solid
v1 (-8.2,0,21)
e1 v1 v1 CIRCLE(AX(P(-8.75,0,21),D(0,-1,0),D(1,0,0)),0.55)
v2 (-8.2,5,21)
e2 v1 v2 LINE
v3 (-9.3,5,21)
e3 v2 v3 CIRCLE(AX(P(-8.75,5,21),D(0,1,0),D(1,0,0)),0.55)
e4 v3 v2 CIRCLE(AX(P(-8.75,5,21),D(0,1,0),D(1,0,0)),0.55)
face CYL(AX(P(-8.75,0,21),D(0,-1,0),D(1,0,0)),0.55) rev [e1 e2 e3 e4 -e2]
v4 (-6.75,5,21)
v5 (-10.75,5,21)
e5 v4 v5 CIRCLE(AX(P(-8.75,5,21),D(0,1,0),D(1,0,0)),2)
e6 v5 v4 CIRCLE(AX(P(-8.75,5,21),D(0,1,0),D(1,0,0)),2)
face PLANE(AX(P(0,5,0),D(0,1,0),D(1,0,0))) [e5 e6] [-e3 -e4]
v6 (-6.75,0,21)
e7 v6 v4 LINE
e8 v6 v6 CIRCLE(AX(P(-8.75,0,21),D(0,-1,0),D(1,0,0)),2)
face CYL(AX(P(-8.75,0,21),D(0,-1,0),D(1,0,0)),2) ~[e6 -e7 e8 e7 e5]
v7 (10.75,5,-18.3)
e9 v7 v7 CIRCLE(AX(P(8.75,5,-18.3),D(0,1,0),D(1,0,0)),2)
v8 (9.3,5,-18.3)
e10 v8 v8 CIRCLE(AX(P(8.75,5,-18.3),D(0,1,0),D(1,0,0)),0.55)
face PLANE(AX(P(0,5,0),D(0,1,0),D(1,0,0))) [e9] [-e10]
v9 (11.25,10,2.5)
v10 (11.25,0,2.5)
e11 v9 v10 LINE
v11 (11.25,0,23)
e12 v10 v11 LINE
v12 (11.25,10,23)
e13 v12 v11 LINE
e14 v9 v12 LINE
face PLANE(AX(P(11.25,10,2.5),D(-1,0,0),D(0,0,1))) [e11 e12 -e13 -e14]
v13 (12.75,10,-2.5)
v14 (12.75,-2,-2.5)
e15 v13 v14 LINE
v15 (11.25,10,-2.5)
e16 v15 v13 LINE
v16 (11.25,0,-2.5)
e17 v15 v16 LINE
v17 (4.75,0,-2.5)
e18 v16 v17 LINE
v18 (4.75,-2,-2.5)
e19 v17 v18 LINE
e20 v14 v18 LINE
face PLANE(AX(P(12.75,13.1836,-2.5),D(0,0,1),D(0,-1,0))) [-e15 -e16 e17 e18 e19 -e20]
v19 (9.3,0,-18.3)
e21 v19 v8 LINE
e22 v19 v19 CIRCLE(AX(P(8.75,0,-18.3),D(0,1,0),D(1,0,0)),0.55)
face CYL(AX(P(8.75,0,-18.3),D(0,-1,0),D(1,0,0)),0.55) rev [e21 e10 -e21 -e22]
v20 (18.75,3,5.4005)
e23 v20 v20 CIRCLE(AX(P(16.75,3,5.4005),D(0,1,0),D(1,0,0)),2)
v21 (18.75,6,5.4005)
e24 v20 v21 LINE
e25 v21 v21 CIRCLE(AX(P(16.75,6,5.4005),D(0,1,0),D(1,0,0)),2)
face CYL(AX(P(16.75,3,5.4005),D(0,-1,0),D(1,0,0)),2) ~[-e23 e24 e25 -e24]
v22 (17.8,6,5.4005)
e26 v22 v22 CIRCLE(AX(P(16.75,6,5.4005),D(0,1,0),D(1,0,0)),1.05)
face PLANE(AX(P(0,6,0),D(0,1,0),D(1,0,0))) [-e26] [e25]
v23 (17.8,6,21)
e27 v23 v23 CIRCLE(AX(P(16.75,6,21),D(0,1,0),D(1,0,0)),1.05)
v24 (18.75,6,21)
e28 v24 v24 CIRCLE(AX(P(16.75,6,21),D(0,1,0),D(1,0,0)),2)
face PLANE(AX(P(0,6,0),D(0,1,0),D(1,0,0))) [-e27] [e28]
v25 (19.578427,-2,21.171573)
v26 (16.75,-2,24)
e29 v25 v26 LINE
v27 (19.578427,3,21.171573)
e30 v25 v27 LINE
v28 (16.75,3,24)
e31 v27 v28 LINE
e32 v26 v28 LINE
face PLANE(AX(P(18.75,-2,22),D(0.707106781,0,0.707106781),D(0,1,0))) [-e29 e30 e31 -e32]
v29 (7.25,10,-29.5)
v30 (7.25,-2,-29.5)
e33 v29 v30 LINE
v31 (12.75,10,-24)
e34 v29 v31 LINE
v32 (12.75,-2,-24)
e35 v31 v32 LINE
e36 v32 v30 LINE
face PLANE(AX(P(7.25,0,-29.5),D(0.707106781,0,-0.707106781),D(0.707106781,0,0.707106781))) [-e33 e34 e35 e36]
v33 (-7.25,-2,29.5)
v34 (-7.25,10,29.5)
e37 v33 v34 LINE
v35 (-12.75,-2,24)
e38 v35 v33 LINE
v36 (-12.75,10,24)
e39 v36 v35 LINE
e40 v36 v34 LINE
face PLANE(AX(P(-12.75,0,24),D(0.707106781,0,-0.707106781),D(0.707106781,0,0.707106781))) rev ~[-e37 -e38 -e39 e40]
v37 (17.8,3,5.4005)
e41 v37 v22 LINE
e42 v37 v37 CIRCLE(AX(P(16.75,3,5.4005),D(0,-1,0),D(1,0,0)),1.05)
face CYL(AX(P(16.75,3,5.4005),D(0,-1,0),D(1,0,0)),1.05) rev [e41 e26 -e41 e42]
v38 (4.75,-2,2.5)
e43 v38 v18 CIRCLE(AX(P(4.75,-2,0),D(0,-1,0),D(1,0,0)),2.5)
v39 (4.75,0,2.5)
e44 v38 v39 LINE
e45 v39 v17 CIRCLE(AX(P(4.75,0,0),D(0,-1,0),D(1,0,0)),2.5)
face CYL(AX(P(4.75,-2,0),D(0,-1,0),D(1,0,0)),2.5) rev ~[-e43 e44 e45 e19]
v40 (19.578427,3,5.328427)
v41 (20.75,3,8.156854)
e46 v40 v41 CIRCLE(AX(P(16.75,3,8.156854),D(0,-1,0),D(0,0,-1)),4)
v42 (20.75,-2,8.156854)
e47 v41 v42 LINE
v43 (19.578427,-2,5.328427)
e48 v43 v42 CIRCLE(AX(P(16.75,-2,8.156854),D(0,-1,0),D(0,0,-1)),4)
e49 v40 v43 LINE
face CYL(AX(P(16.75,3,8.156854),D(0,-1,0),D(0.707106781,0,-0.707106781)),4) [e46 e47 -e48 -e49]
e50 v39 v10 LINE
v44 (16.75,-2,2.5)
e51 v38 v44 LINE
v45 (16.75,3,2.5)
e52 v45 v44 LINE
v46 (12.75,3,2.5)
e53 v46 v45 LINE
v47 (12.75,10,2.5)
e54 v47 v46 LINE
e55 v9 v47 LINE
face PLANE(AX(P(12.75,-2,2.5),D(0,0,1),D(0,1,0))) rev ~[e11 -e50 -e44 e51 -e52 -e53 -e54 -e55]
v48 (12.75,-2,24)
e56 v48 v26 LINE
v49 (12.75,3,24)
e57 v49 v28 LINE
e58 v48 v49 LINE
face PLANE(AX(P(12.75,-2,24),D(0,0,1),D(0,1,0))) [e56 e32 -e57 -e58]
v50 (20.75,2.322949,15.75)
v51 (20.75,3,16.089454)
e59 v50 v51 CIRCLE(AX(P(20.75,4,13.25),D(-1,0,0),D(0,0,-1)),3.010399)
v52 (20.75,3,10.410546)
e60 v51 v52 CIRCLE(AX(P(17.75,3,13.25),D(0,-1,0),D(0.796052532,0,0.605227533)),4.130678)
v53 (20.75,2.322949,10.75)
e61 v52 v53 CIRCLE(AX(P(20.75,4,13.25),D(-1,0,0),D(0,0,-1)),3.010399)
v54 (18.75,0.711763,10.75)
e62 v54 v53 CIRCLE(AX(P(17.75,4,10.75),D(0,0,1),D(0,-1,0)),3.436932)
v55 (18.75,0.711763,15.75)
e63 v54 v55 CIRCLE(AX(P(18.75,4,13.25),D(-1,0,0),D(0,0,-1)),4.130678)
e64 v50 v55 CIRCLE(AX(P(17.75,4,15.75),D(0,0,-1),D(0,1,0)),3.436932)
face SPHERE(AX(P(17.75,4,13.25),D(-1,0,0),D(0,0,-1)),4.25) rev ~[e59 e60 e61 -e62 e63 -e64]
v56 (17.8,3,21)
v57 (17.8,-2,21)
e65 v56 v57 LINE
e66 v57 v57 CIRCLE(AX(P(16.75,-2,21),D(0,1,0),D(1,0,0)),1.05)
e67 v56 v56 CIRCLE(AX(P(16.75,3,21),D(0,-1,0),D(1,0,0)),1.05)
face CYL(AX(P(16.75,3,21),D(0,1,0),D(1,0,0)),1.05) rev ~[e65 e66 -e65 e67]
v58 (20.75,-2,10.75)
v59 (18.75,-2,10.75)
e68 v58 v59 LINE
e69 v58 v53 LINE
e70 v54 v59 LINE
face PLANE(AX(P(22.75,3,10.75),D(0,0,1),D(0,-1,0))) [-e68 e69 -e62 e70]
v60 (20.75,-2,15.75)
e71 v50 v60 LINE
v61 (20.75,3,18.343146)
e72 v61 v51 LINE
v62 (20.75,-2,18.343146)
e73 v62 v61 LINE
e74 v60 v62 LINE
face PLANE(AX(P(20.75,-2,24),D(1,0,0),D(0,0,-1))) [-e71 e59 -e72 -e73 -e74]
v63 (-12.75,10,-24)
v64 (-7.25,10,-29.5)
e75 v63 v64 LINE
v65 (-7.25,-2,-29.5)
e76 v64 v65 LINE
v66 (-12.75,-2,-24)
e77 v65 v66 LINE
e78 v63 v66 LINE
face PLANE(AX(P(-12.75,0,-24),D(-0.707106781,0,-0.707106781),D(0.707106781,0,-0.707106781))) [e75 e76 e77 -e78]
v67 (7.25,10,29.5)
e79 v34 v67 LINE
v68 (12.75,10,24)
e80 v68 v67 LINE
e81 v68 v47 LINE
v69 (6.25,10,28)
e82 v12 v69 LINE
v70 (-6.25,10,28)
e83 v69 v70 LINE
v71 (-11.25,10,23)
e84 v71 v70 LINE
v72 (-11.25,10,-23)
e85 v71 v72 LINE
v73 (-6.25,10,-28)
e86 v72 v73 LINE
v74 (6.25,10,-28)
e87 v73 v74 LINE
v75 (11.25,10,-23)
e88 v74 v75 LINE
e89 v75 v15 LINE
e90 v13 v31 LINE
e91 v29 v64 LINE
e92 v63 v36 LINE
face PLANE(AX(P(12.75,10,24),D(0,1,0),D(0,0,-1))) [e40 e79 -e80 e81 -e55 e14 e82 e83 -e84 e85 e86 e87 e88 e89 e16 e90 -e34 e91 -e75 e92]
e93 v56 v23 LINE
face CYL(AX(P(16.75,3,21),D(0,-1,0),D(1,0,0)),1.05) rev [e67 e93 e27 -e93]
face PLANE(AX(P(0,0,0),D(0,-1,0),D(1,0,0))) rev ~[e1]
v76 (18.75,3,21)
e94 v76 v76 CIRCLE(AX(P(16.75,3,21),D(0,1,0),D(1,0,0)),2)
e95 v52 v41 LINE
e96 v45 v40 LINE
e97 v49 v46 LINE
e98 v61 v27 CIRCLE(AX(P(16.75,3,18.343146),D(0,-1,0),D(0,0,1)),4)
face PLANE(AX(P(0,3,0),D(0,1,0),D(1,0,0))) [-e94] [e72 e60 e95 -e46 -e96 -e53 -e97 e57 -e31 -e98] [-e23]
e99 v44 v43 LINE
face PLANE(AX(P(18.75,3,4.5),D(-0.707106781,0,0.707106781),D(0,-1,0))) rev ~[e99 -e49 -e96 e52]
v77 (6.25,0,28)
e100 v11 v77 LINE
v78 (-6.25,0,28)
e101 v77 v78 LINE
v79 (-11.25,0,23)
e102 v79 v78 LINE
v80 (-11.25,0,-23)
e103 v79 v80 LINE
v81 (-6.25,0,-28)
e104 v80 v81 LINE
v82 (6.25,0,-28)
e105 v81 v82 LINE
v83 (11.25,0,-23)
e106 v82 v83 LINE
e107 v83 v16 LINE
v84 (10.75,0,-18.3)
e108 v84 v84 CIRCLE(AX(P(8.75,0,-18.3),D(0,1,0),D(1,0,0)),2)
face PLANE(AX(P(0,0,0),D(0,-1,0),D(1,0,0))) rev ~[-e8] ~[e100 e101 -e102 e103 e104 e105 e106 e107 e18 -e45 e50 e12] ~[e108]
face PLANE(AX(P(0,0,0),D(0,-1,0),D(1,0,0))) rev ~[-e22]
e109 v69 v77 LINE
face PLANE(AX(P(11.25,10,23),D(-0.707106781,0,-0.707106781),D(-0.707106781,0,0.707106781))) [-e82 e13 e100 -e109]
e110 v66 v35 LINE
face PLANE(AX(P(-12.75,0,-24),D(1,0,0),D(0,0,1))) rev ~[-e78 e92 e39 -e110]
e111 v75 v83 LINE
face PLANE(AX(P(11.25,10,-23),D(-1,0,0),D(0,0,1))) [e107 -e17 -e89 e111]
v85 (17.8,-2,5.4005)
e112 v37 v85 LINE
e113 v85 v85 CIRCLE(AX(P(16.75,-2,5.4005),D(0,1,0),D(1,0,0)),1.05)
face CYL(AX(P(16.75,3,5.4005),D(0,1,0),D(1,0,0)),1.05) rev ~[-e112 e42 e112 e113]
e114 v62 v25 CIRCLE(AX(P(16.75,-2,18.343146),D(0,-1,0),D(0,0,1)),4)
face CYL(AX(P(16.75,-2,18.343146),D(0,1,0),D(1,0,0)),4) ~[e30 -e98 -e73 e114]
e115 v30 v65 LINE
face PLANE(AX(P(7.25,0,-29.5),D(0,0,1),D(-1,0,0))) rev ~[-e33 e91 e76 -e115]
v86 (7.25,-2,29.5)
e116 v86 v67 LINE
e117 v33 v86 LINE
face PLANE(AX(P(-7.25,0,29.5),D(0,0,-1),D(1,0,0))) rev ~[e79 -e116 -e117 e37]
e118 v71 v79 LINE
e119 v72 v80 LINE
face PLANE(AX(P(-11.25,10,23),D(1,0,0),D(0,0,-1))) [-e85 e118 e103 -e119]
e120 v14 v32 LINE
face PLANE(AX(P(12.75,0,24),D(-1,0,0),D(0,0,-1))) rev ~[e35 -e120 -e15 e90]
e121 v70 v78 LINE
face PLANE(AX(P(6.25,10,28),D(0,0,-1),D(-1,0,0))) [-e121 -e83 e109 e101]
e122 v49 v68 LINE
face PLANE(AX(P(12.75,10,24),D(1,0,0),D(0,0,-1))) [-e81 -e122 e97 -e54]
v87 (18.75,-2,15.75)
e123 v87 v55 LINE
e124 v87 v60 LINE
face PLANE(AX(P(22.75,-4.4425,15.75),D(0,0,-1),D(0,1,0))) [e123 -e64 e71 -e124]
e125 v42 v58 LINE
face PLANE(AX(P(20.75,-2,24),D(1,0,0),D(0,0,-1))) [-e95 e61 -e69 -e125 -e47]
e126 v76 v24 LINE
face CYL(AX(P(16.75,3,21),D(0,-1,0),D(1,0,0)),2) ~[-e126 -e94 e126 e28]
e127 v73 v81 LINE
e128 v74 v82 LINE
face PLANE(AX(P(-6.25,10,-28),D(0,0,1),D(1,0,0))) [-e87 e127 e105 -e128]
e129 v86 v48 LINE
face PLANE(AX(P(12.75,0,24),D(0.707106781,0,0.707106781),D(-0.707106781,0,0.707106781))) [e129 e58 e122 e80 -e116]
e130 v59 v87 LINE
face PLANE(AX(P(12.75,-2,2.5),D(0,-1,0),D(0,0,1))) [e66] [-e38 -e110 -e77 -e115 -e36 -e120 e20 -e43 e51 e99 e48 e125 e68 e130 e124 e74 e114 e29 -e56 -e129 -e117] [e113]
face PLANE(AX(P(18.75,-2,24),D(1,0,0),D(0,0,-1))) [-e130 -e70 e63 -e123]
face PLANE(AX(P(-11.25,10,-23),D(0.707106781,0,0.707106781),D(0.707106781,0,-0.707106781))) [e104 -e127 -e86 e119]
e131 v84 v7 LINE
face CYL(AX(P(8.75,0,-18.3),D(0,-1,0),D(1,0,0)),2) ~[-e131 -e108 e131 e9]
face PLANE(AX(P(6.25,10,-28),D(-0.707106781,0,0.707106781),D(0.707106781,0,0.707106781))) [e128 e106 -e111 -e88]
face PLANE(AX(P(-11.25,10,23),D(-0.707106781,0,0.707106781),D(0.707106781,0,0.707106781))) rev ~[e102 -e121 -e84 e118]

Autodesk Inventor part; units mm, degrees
ref_plane "YZ Plane" through (0, 0, 0) normal (1, 0, 0) x (0, 1, 0)
ref_plane "XZ Plane" through (0, 0, 0) normal (0, 1, 0) x (-1, 0, 0)
sketch "Skizze1" plane through (0, 0, 0) normal (0, 1, 0) x (-1, 0, 0)
  line L0 (-5.25, 27.5) -> (5.25, 27.5)
  line L1 (10.75, 22) -> (10.75, -22)
  line L2 (5.25, -27.5) -> (-5.25, -27.5)
  line L3 (-10.75, -22) -> (-10.75, 22)
  line L4 (-10.75, 27.5) -> (10.75, -27.5) construction
  line L5 (10.75, 27.5) -> (-10.75, -27.5) construction
  line L6 (10.75, 22) -> (5.25, 27.5)
  line L7 (10.75, -22) -> (5.25, -27.5)
  line L8 (-5.25, -27.5) -> (-10.75, -22)
  line L9 (-10.75, 22) -> (-5.25, 27.5)
  line L10 (7.25, 29.5) -> (-7.25, 29.5)
  line L11 (-12.75, 24) -> (-12.75, -24)
  line L12 (-7.25, -29.5) -> (7.25, -29.5)
  line L13 (12.75, -24) -> (12.75, 24)
  line L14 (12.75, 29.5) -> (-12.75, -29.5) construction
  line L15 (-12.75, 29.5) -> (12.75, -29.5) construction
  line L16 (12.75, 24) -> (7.25, 29.5)
  line L17 (12.75, -24) -> (7.25, -29.5)
  line L18 (-7.25, -29.5) -> (-12.75, -24)
  line L19 (-12.75, 24) -> (-7.25, 29.5)
  point P0 (0, 0)
  dimension "d0" = 21.5
  dimension "d1" = 55
  dimension "d2" = 5.5
  dimension "d3" = 5.5
  dimension "d4" = 5.5
  dimension "d5" = 5.5
  dimension "d6" = 5.5
  dimension "d7" = 5.5
  dimension "d8" = 5.5
  dimension "d9" = 5.5
  dimension "d10" = 2
  dimension "d11" = 2
  dimension "d12" = 5.5
  dimension "d13" = 5.5
  dimension "d14" = 5.5
  dimension "d15" = 5.5
  dimension "d16" = 5.5
  dimension "d17" = 5.5
  dimension "d18" = 5.5
  dimension "d19" = 5.5
extrude "Extrusion1" add sketch "Skizze1" along normal blind 10
sketch "Skizze3" plane through (0, 0, 0) normal (0, -1, 0) x (1, 0, 0)
  line L0 (7.25, -29.5) -> (-7.25, -29.5) projected
  line L1 (12.75, -24) -> (7.25, -29.5) projected
  line L2 (12.75, 24) -> (12.75, -24) projected
  line L3 (7.25, 29.5) -> (12.75, 24) projected
  line L4 (-7.25, 29.5) -> (7.25, 29.5) projected
  line L5 (-12.75, 24) -> (-7.25, 29.5) projected
  line L6 (-12.75, -24) -> (-12.75, 24) projected
  line L7 (-7.25, -29.5) -> (-12.75, -24) projected
  line L8 (-5.25, 27.5) -> (-10.75, 22) projected
  line L9 (5.25, 27.5) -> (-5.25, 27.5) projected
  line L10 (10.75, 22) -> (5.25, 27.5) projected
  line L11 (10.75, -22) -> (10.75, 22) projected
  line L12 (5.25, -27.5) -> (10.75, -22) projected
  line L13 (-5.25, -27.5) -> (5.25, -27.5) projected
  line L14 (-10.75, -22) -> (-5.25, -27.5) projected
  line L15 (-10.75, 22) -> (-10.75, -22) projected
  point P0 (0, 0)
extrude "Extrusion2" add sketch "Skizze3" along normal blind 2 contours L0 L7 L6 L5 L4 L3 L2 L1 | L9 L10 L11 L12 L13 L14 L15 L8
sketch "Skizze4" plane through (0, 0, 0) normal (0, 1, 0) x (1, 0, 0)
  line L0 (-10.75, -22) -> (-10.75, 22) projected
  line L1 (-10.75, -21) -> (-8.75, -21)
  line L2 (10.75, 22) -> (10.75, -22) projected
  line L3 (10.75, 18.3) -> (8.75, 18.3)
  circle A0 centre (-8.75, -21) radius 2
  circle A1 centre (8.75, 18.3) radius 2
  circle A2 centre (-8.75, -21) radius 0.55
  circle A3 centre (8.75, 18.3) radius 0.55
  point P0 (0, 0)
  dimension "d24" = 2
  dimension "d25" = 21
  dimension "d26" = 2
  dimension "d27" = 18.3
  dimension "d28" = 4
  dimension "d29" = 4
  dimension "d30" = 1.1
  dimension "d31" = 1.1
extrude "Extrusion3" add sketch "Skizze4" along normal blind 5
sketch "Skizze8" plane through (12.75, 10, 24) normal (1, 0, 0) x (0, 0, -1)
  line L0 (26.5, -23.1836) -> (21.5, -23.1836)
  line L1 (21.5, -23.1836) -> (21.5, 3.1836)
  line L2 (21.5, 3.1836) -> (26.5, 3.1836)
  line L3 (26.5, 3.1836) -> (26.5, -23.1836)
  line L4 (26.5, -23.1836) -> (21.5, 3.1836) construction
  line L5 (21.5, -23.1836) -> (26.5, 3.1836) construction
  point P0 (24, -10)
  dimension "d44" = 5
extrude "Extrusion7" cut sketch "Skizze8" against normal blind 8
sketch "Skizze9" plane through (0, -2, 0) normal (0, -1, 0) x (1, 0, 0)
  line L0 (4.75, -2.5) -> (4.75, 2.5) projected
  circle A0 centre (4.75, 0) radius 2.5
  point P0 (0, 0)
  point P1 (4.75, 2.5)
extrude "Extrusion8" cut sketch "Skizze9" against normal blind 12 contours A0 L0 picked at (4.3627, -0.7379)
sketch "Skizze17" plane through (0, 10, 0) normal (0, 1, 0) x (1, 0, 0)
  line L0 (6.25, -28) -> (-6.25, -28)
  line L1 (-11.25, -23) -> (-11.25, 23)
  line L2 (-6.25, 28) -> (6.25, 28)
  line L3 (11.25, 23) -> (11.25, -23)
  line L4 (11.25, -28) -> (-11.25, 28) construction
  line L5 (-11.25, -28) -> (11.25, 28) construction
  line L6 (-10.75, -22) -> (-10.75, 22) projected
  line L7 (5.25, -27.5) -> (-5.25, -27.5) projected
  line L8 (-11.25, -23) -> (-6.25, -28)
  line L9 (-11.25, 23) -> (-6.25, 28)
  line L10 (6.25, 28) -> (11.25, 23)
  line L11 (11.25, -23) -> (6.25, -28)
  line L12 (-5.25, -27.5) -> (-10.75, -22) projected
  line L13 (-10.75, 22) -> (-5.25, 27.5) projected
  line L14 (-5.25, 27.5) -> (5.25, 27.5) projected
  line L15 (5.25, 27.5) -> (10.75, 22) projected
  line L16 (10.75, 22) -> (10.75, 2.5) projected
  line L17 (10.75, -2.5) -> (10.75, -22) projected
  line L18 (10.75, -22) -> (5.25, -27.5) projected
  line L19 (12.75, -2.5) -> (10.75, -2.5) projected
  line L20 (10.75, -2.5) -> (10.75, 2.5)
  point P0 (0, 0)
  dimension "d74" = 0.5
  dimension "d75" = 0.5
  dimension "d80" = 5
  dimension "d81" = 5
  dimension "d82" = 5
  dimension "d83" = 5
  dimension "d84" = 5
  dimension "d85" = 5
  dimension "d86" = 5
  dimension "d87" = 5
extrude "Extrusion15" cut sketch "Skizze17" against normal up to surface (10 mm away)
sketch "Skizze18" plane through (12.75, -2, 24) normal (1, 0, 0) x (0, 0, -1)
  line L0 (21.5, 0) -> (21.5, 12) projected
  line L1 (0, 12) -> (21.5, 12) projected
  line L2 (0, 0) -> (0, 12) projected
  line L3 (21.5, 0) -> (0, 0) projected
  point P0 (24, 2)
extrude "Extrusion16" add sketch "Skizze18" along normal blind 10
ref_plane "Arbeitsebene1" through (0, 4, 0) normal (0, 1, 0) x (1, 0, 0)
sketch "Skizze19" plane through (0, 4, 0) normal (0, 1, 0) x (1, 0, 0)
  line L0 (12.75, -24) -> (7.25, -29.5) projected
  line L1 (4.75, -2.5) -> (22.75, -2.5) projected
  line L2 (12.75, -24) -> (22.75, -2.5)
  line L3 (22.75, -2.5) -> (22.75, -24) projected
  line L4 (22.75, -2.5) -> (22.75, -24)
  line L5 (22.75, -24) -> (12.75, -2.5)
  circle A0 centre (17.75, -13.25) radius 4.25
  line L6 (22, -13.25) -> (13.5, -13.25)
  point P0 (0, 0)
  dimension "d93" = 8.5
revolve "Umdrehung1" cut sketch "Skizze19" angle 360 about axis through (22, 4, 13.25) along (-1, 0, 0) picked at (16.8466, -10.5822) picked at (14.953, -12.931) picked at (20.1235, -11.7363) contours A0 L2 L5 | L5 L6 A0 | A0 L6 L2
sketch "Skizze20" plane through (0, 10, 0) normal (0, 1, 0) x (1, 0, 0)
  line L0 (12.75, -24) -> (22.75, -24) projected
  line L1 (4.75, -2.5) -> (22.75, -2.5) projected
  line L2 (12.75, -24) -> (22.75, -2.5)
  line L3 (22.75, -2.5) -> (12.75, -2.5)
  line L4 (12.75, -24) -> (7.25, -29.5) projected
  line L5 (12.75, -24) -> (12.75, -2.5)
  line L6 (22.75, -2.5) -> (22.75, -24) projected
  point P0 (0, 0)
extrude "Extrusion17" cut sketch "Skizze20" against normal blind 7
sketch "Skizze21" plane through (22.75, -2, 24) normal (1, 0, 0) x (0, 0, -1)
  line L0 (8.25, 12.4425) -> (13.25, 12.4425)
  line L1 (13.25, 12.4425) -> (13.25, -2.4425)
  line L2 (13.25, -2.4425) -> (8.25, -2.4425)
  line L3 (8.25, -2.4425) -> (8.25, 12.4425)
  line L4 (14.8807, 5) -> (6.6193, 5) projected
  line L5 (8.25, 12.4425) -> (13.25, -2.4425) construction
  line L6 (13.25, 12.4425) -> (8.25, -2.4425) construction
  point P0 (24, 2)
  point P1 (10.75, 5)
  point P2 (13.25, 5)
  point P3 (8.25, 5)
  dimension "d97" = 5
extrude "Extrusion18" cut sketch "Skizze21" against normal blind 4 contours L4 L1 L2 L3
sketch "Skizze22" plane through (22.75, -2, 24) normal (1, 0, 0) x (0, 0, -1)
  line L0 (-21.5, 10) -> (21.5, 10)
  line L1 (21.5, 10) -> (21.5, 0)
  line L2 (21.5, 0) -> (-21.5, 0)
  line L3 (-21.5, 0) -> (-21.5, 10)
  line L4 (-21.5, 10) -> (21.5, 0) construction
  line L5 (21.5, 10) -> (-21.5, 0) construction
  point P0 (24, 2)
  point P1 (0, 5)
extrude "Extrusion19" cut sketch "Skizze22" against normal blind 2
sketch "Skizze23" plane through (0, 3, 0) normal (0, 1, 0) x (1, 0, 0)
  line L0 (20.75, -15.75) -> (20.75, -24) projected
  line L1 (12.75, -24) -> (12.75, -2.5) projected
  line L2 (20.75, -21) -> (16.75, -21)
  line L3 (16.75, -21) -> (16.75, -24)
  line L4 (12.75, -24) -> (20.75, -24) projected
  line L5 (20.75, -5.4005) -> (16.75, -5.4005)
  line L6 (16.75, -5.4005) -> (16.75, -2.4005)
  circle A0 centre (16.75, -21) radius 1.05
  circle A1 centre (16.75, -5.4005) radius 1.05
  point P0 (0, 0)
  dimension "d102" = 4
  dimension "d103" = 3
  dimension "d104" = 4
  dimension "d105" = 3
  dimension "d106" = 2.1
  dimension "d107" = 2.1
extrude "Extrusion20" cut sketch "Skizze23" against normal through all contours A0 L3 L2 | L2 L3 A0 | A1 L6 L5 | L5 L6 A1
sketch "Skizze24" plane through (0, 3, 0) normal (0, 1, 0) x (1, 0, 0)
  point P0 (0, 0)
sketch "Skizze25" plane through (0, 3, 0) normal (0, 1, 0) x (1, 0, 0)
  circle A0 centre (16.75, -5.4005) radius 1.05 projected
  circle A1 centre (16.75, -5.4005) radius 2
  circle A2 centre (16.75, -21) radius 1.05 projected
  circle A3 centre (16.75, -21) radius 2
  point P0 (0, 0)
  dimension "d110" = 4
  dimension "d111" = 4
extrude "Extrusion21" add sketch "Skizze25" along normal blind 3
sketch "Skizze26" plane through (0, 3, 0) normal (0, 1, 0) x (1, 0, 0)
  point P0 (0, 0)
chamfer "Fase2" distance 4 angle 45 2 edges at (20.75, 0.5, 2.5) (20.75, 0.5, 24)
fillet "Rundung2" radius 4 2 edges at (20.75, 0.5, 20) (20.75, 0.5, 6.5)
equation "\"d3\" = d2"
equation "\"d5\" = d4"
equation "\"d6\" = d4"
equation "\"d7\" = d6"
equation "\"d8\" = d4"
equation "\"d9\" = d8"
equation "\"d13\" = d12"
equation "\"d14\" = d12"
equation "\"d15\" = d14"
equation "\"d16\" = d12"
equation "\"d17\" = d16"
equation "\"d18\" = d12"
equation "\"d19\" = d18"
equation "\"d81\" = d80"
equation "\"d83\" = d82"
equation "\"d84\" = d82"
equation "\"d85\" = d84"
equation "\"d86\" = d82"
equation "\"d87\" = d86"
properties part number "CameraMold"
